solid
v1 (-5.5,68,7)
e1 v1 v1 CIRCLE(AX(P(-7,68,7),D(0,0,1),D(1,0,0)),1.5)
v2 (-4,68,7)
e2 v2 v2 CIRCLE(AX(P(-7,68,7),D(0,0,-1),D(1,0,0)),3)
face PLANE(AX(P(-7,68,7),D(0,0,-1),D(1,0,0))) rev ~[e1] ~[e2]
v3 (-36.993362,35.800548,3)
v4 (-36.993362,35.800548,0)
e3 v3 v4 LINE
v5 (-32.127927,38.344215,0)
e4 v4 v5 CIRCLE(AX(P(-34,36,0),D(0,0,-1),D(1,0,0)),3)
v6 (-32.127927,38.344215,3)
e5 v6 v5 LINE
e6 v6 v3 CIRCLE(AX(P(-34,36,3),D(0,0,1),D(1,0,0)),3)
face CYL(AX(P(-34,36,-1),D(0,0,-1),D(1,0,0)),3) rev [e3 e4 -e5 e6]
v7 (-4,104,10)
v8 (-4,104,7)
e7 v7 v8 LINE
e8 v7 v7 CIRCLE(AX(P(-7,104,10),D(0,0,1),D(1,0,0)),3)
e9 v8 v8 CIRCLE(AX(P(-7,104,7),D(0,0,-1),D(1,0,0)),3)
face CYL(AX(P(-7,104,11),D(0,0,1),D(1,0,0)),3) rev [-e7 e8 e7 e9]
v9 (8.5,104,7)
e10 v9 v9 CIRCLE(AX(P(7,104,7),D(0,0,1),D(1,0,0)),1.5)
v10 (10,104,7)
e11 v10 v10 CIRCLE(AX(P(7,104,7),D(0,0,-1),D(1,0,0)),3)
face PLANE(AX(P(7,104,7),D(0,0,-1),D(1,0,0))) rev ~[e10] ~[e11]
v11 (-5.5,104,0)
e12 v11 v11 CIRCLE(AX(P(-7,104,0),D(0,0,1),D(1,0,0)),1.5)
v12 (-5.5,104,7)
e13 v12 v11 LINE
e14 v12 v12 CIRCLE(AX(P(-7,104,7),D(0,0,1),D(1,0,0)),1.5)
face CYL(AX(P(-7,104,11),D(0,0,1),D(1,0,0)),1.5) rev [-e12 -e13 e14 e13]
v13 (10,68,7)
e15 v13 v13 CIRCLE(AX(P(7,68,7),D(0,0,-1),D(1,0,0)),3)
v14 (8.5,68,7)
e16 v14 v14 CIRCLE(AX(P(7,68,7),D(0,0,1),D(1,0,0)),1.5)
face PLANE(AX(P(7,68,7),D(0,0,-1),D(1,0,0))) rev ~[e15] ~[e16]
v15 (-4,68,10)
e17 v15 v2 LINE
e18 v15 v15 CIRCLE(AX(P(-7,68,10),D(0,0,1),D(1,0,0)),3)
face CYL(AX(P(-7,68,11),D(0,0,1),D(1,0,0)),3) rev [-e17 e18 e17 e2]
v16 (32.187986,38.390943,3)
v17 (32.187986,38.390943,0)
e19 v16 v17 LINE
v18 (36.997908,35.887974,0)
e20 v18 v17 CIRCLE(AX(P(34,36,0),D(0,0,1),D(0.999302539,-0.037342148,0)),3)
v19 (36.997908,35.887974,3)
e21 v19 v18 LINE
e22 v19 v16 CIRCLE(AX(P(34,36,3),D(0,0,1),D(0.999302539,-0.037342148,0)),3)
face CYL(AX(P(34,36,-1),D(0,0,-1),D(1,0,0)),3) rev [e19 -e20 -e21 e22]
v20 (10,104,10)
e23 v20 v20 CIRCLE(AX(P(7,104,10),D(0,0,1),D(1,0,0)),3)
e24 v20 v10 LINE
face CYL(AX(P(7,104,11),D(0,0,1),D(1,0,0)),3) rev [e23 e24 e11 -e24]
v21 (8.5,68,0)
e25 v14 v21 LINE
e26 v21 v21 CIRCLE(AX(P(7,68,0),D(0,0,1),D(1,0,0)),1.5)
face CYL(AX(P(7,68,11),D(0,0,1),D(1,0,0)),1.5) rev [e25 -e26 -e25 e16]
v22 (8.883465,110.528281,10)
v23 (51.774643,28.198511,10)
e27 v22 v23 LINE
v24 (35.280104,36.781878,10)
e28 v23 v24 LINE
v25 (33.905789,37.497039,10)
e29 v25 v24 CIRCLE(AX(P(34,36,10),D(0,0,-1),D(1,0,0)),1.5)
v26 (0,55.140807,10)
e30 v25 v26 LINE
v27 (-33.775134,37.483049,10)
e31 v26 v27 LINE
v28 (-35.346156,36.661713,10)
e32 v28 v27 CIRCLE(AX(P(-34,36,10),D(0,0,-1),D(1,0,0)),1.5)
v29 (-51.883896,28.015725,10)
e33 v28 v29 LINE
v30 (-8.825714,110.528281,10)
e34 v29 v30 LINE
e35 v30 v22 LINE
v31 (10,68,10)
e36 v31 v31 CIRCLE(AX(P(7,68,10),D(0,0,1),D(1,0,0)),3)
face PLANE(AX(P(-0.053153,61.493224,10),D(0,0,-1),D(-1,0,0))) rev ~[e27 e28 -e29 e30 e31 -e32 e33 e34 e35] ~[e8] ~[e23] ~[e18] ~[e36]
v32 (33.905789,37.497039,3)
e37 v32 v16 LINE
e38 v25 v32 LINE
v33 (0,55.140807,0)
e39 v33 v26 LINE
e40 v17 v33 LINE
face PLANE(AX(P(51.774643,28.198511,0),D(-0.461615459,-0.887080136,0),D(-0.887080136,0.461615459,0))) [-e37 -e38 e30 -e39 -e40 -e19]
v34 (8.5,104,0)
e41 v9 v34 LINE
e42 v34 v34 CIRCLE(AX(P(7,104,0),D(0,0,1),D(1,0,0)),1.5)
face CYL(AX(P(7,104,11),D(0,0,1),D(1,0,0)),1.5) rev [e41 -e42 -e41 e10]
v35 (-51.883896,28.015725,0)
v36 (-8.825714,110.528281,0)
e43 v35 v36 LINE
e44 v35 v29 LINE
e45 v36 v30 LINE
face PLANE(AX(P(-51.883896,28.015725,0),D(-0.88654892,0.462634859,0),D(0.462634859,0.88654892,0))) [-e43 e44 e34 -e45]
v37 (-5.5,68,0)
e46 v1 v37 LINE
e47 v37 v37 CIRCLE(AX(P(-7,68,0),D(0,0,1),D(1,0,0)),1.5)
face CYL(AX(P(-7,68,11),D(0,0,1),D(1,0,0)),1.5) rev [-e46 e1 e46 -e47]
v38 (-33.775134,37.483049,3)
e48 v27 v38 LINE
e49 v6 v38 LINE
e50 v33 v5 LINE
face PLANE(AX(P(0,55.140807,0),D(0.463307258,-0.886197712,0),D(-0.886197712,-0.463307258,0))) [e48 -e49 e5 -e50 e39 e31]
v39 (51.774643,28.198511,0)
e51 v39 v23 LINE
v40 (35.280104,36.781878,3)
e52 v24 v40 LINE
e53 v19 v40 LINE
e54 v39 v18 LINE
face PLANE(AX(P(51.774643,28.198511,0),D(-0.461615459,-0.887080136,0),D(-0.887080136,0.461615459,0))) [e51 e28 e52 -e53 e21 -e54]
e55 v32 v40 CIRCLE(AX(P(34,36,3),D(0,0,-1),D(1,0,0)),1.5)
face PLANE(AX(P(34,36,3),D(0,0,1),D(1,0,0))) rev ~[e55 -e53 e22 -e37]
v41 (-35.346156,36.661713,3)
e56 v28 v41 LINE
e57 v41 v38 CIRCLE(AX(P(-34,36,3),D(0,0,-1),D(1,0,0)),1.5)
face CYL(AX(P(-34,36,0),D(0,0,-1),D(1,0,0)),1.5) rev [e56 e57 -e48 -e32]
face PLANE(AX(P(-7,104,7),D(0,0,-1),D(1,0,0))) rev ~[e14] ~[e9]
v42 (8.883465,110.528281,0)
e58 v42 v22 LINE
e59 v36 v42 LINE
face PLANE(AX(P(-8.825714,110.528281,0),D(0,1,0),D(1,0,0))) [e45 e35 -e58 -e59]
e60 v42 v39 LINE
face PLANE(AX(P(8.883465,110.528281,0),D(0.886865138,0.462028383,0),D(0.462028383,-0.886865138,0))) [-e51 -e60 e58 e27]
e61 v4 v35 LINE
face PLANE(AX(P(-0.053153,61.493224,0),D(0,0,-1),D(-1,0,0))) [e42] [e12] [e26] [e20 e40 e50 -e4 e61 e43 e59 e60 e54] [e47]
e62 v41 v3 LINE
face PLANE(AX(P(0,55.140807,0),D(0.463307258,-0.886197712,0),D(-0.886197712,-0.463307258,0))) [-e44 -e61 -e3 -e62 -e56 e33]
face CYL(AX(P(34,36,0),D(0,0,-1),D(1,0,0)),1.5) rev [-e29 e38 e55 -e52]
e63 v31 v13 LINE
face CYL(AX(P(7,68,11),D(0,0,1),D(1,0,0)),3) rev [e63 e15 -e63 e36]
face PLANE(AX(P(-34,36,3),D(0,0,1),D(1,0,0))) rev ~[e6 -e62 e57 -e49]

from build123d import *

# Parameters (mm, degrees)
CYLINDER423_R               = 3
CYLINDER423_DEPTH           = 4
CYLINDER422_R               = 3
CYLINDER422_DEPTH           = 4
CYLINDER420_R               = 3
CYLINDER420_DEPTH           = 4
CYLINDER421_R               = 3
CYLINDER421_DEPTH           = 4
COMPOUND319_PLACEMENT_ANGLE = 90
CYLINDER419_R               = 1.5
CYLINDER419_DEPTH           = 20
CYLINDER418_R               = 1.5
CYLINDER418_DEPTH           = 20
CYLINDER416_R               = 1.5
CYLINDER416_DEPTH           = 20
CYLINDER417_R               = 1.5
CYLINDER417_DEPTH           = 20
COMPOUND318_PLACEMENT_ANGLE = 90
CYLINDER309_R               = 1.5
CYLINDER309_DEPTH           = 50
CYLINDER310_R               = 1.5
CYLINDER310_DEPTH           = 50
CYLINDER307_R               = 3
CYLINDER307_DEPTH           = 4
CYLINDER308_R               = 3
CYLINDER308_DEPTH           = 4
PAD_DEPTH                   = 10


with BuildPart() as v_lec423:
    # Cylinder423 → Cylinder423 (new body)
    with BuildSketch(Plane(origin=(-7, -34, 37), x_dir=(1, 0, 0), z_dir=(0, -1, 0))):
        Circle(CYLINDER423_R)
    extrude(amount=CYLINDER423_DEPTH)


with BuildPart() as v_lec422:
    # Cylinder422 → Cylinder422 (new body)
    with BuildSketch(Plane(origin=(7, -34, 73), x_dir=(1, 0, 0), z_dir=(0, -1, 0))):
        Circle(CYLINDER422_R)
    extrude(amount=CYLINDER422_DEPTH)


with BuildPart() as v_lec420:
    # Cylinder420 → Cylinder420 (new body)
    with BuildSketch(Plane(origin=(-7, -34, 73), x_dir=(1, 0, 0), z_dir=(0, -1, 0))):
        Circle(CYLINDER420_R)
    extrude(amount=CYLINDER420_DEPTH)


with BuildPart() as compound319:
    # Cylinder421 → Cylinder421 (new body)
    with BuildSketch(Plane(origin=(7, -34, 37), x_dir=(1, 0, 0), z_dir=(0, -1, 0))):
        Circle(CYLINDER421_R)
    extrude(amount=CYLINDER421_DEPTH)

    # Compound319: union Válec423, Válec422, Válec420
    add(v_lec423.part)
    add(v_lec422.part)
    add(v_lec420.part)


with BuildPart() as compound319_1:
    # Compound319 placement: moved
    add(compound319.part.moved(Location((0, 141, 45))).rotate(Axis((0, 141, 45), (1, 0, 0)), COMPOUND319_PLACEMENT_ANGLE))


with BuildPart() as v_lec419:
    # Cylinder419 → Cylinder419 (new body)
    with BuildSketch(Plane(origin=(-7, -34, 37), x_dir=(1, 0, 0), z_dir=(0, -1, 0))):
        Circle(CYLINDER419_R)
    extrude(amount=CYLINDER419_DEPTH)


with BuildPart() as v_lec418:
    # Cylinder418 → Cylinder418 (new body)
    with BuildSketch(Plane(origin=(7, -34, 73), x_dir=(1, 0, 0), z_dir=(0, -1, 0))):
        Circle(CYLINDER418_R)
    extrude(amount=CYLINDER418_DEPTH)


with BuildPart() as v_lec416:
    # Cylinder416 → Cylinder416 (new body)
    with BuildSketch(Plane(origin=(-7, -34, 73), x_dir=(1, 0, 0), z_dir=(0, -1, 0))):
        Circle(CYLINDER416_R)
    extrude(amount=CYLINDER416_DEPTH)


with BuildPart() as compound318:
    # Cylinder417 → Cylinder417 (new body)
    with BuildSketch(Plane(origin=(7, -34, 37), x_dir=(1, 0, 0), z_dir=(0, -1, 0))):
        Circle(CYLINDER417_R)
    extrude(amount=CYLINDER417_DEPTH)

    # Compound318: union Válec419, Válec418, Válec416
    add(v_lec419.part)
    add(v_lec418.part)
    add(v_lec416.part)


with BuildPart() as compound318_1:
    # Compound318 placement: moved
    add(compound318.part.moved(Location((0, 141, 45))).rotate(Axis((0, 141, 45), (1, 0, 0)), COMPOUND318_PLACEMENT_ANGLE))


with BuildPart() as v_lec309:
    # Cylinder309 → Cylinder309 (new body)
    with BuildSketch(Plane(origin=(34, 36, 0), x_dir=(1, 0, 0), z_dir=(0, 0, 1))):
        Circle(CYLINDER309_R)
    extrude(amount=CYLINDER309_DEPTH)


with BuildPart() as compound289:
    # Cylinder310 → Cylinder310 (new body)
    with BuildSketch(Plane(origin=(-34, 36, 0), x_dir=(1, 0, 0), z_dir=(0, 0, 1))):
        Circle(CYLINDER310_R)
    extrude(amount=CYLINDER310_DEPTH)

    # Compound289: union Válec309
    add(v_lec309.part)


with BuildPart() as v_lec307:
    # Cylinder307 → Cylinder307 (new body)
    with BuildSketch(Plane(origin=(-34, 36, -1), x_dir=(1, 0, 0), z_dir=(0, 0, 1))):
        Circle(CYLINDER307_R)
    extrude(amount=CYLINDER307_DEPTH)


with BuildPart() as compound288:
    # Cylinder308 → Cylinder308 (new body)
    with BuildSketch(Plane(origin=(34, 36, -1), x_dir=(1, 0, 0), z_dir=(0, 0, 1))):
        Circle(CYLINDER308_R)
    extrude(amount=CYLINDER308_DEPTH)

    # Compound288: union Válec307
    add(v_lec307.part)


with BuildPart() as cut167:
    # Sketch → Pad (new body)
    with BuildSketch(Plane.XY):
        Polygon((-51.883896, 28.015725), (-8.825714, 110.528281), (8.883465, 110.528281), (51.774643, 28.198511), (0, 55.140807), align=None)
    extrude(amount=PAD_DEPTH)

    # Cut134: cut Compound288
    add(compound288.part, mode=Mode.SUBTRACT)

    # Cut135: cut Compound289
    add(compound289.part, mode=Mode.SUBTRACT)

    # Cut165: cut Compound318
    add(compound318_1.part, mode=Mode.SUBTRACT)

    # Cut167: cut Compound319
    add(compound319_1.part, mode=Mode.SUBTRACT)


solid = cut167.part
